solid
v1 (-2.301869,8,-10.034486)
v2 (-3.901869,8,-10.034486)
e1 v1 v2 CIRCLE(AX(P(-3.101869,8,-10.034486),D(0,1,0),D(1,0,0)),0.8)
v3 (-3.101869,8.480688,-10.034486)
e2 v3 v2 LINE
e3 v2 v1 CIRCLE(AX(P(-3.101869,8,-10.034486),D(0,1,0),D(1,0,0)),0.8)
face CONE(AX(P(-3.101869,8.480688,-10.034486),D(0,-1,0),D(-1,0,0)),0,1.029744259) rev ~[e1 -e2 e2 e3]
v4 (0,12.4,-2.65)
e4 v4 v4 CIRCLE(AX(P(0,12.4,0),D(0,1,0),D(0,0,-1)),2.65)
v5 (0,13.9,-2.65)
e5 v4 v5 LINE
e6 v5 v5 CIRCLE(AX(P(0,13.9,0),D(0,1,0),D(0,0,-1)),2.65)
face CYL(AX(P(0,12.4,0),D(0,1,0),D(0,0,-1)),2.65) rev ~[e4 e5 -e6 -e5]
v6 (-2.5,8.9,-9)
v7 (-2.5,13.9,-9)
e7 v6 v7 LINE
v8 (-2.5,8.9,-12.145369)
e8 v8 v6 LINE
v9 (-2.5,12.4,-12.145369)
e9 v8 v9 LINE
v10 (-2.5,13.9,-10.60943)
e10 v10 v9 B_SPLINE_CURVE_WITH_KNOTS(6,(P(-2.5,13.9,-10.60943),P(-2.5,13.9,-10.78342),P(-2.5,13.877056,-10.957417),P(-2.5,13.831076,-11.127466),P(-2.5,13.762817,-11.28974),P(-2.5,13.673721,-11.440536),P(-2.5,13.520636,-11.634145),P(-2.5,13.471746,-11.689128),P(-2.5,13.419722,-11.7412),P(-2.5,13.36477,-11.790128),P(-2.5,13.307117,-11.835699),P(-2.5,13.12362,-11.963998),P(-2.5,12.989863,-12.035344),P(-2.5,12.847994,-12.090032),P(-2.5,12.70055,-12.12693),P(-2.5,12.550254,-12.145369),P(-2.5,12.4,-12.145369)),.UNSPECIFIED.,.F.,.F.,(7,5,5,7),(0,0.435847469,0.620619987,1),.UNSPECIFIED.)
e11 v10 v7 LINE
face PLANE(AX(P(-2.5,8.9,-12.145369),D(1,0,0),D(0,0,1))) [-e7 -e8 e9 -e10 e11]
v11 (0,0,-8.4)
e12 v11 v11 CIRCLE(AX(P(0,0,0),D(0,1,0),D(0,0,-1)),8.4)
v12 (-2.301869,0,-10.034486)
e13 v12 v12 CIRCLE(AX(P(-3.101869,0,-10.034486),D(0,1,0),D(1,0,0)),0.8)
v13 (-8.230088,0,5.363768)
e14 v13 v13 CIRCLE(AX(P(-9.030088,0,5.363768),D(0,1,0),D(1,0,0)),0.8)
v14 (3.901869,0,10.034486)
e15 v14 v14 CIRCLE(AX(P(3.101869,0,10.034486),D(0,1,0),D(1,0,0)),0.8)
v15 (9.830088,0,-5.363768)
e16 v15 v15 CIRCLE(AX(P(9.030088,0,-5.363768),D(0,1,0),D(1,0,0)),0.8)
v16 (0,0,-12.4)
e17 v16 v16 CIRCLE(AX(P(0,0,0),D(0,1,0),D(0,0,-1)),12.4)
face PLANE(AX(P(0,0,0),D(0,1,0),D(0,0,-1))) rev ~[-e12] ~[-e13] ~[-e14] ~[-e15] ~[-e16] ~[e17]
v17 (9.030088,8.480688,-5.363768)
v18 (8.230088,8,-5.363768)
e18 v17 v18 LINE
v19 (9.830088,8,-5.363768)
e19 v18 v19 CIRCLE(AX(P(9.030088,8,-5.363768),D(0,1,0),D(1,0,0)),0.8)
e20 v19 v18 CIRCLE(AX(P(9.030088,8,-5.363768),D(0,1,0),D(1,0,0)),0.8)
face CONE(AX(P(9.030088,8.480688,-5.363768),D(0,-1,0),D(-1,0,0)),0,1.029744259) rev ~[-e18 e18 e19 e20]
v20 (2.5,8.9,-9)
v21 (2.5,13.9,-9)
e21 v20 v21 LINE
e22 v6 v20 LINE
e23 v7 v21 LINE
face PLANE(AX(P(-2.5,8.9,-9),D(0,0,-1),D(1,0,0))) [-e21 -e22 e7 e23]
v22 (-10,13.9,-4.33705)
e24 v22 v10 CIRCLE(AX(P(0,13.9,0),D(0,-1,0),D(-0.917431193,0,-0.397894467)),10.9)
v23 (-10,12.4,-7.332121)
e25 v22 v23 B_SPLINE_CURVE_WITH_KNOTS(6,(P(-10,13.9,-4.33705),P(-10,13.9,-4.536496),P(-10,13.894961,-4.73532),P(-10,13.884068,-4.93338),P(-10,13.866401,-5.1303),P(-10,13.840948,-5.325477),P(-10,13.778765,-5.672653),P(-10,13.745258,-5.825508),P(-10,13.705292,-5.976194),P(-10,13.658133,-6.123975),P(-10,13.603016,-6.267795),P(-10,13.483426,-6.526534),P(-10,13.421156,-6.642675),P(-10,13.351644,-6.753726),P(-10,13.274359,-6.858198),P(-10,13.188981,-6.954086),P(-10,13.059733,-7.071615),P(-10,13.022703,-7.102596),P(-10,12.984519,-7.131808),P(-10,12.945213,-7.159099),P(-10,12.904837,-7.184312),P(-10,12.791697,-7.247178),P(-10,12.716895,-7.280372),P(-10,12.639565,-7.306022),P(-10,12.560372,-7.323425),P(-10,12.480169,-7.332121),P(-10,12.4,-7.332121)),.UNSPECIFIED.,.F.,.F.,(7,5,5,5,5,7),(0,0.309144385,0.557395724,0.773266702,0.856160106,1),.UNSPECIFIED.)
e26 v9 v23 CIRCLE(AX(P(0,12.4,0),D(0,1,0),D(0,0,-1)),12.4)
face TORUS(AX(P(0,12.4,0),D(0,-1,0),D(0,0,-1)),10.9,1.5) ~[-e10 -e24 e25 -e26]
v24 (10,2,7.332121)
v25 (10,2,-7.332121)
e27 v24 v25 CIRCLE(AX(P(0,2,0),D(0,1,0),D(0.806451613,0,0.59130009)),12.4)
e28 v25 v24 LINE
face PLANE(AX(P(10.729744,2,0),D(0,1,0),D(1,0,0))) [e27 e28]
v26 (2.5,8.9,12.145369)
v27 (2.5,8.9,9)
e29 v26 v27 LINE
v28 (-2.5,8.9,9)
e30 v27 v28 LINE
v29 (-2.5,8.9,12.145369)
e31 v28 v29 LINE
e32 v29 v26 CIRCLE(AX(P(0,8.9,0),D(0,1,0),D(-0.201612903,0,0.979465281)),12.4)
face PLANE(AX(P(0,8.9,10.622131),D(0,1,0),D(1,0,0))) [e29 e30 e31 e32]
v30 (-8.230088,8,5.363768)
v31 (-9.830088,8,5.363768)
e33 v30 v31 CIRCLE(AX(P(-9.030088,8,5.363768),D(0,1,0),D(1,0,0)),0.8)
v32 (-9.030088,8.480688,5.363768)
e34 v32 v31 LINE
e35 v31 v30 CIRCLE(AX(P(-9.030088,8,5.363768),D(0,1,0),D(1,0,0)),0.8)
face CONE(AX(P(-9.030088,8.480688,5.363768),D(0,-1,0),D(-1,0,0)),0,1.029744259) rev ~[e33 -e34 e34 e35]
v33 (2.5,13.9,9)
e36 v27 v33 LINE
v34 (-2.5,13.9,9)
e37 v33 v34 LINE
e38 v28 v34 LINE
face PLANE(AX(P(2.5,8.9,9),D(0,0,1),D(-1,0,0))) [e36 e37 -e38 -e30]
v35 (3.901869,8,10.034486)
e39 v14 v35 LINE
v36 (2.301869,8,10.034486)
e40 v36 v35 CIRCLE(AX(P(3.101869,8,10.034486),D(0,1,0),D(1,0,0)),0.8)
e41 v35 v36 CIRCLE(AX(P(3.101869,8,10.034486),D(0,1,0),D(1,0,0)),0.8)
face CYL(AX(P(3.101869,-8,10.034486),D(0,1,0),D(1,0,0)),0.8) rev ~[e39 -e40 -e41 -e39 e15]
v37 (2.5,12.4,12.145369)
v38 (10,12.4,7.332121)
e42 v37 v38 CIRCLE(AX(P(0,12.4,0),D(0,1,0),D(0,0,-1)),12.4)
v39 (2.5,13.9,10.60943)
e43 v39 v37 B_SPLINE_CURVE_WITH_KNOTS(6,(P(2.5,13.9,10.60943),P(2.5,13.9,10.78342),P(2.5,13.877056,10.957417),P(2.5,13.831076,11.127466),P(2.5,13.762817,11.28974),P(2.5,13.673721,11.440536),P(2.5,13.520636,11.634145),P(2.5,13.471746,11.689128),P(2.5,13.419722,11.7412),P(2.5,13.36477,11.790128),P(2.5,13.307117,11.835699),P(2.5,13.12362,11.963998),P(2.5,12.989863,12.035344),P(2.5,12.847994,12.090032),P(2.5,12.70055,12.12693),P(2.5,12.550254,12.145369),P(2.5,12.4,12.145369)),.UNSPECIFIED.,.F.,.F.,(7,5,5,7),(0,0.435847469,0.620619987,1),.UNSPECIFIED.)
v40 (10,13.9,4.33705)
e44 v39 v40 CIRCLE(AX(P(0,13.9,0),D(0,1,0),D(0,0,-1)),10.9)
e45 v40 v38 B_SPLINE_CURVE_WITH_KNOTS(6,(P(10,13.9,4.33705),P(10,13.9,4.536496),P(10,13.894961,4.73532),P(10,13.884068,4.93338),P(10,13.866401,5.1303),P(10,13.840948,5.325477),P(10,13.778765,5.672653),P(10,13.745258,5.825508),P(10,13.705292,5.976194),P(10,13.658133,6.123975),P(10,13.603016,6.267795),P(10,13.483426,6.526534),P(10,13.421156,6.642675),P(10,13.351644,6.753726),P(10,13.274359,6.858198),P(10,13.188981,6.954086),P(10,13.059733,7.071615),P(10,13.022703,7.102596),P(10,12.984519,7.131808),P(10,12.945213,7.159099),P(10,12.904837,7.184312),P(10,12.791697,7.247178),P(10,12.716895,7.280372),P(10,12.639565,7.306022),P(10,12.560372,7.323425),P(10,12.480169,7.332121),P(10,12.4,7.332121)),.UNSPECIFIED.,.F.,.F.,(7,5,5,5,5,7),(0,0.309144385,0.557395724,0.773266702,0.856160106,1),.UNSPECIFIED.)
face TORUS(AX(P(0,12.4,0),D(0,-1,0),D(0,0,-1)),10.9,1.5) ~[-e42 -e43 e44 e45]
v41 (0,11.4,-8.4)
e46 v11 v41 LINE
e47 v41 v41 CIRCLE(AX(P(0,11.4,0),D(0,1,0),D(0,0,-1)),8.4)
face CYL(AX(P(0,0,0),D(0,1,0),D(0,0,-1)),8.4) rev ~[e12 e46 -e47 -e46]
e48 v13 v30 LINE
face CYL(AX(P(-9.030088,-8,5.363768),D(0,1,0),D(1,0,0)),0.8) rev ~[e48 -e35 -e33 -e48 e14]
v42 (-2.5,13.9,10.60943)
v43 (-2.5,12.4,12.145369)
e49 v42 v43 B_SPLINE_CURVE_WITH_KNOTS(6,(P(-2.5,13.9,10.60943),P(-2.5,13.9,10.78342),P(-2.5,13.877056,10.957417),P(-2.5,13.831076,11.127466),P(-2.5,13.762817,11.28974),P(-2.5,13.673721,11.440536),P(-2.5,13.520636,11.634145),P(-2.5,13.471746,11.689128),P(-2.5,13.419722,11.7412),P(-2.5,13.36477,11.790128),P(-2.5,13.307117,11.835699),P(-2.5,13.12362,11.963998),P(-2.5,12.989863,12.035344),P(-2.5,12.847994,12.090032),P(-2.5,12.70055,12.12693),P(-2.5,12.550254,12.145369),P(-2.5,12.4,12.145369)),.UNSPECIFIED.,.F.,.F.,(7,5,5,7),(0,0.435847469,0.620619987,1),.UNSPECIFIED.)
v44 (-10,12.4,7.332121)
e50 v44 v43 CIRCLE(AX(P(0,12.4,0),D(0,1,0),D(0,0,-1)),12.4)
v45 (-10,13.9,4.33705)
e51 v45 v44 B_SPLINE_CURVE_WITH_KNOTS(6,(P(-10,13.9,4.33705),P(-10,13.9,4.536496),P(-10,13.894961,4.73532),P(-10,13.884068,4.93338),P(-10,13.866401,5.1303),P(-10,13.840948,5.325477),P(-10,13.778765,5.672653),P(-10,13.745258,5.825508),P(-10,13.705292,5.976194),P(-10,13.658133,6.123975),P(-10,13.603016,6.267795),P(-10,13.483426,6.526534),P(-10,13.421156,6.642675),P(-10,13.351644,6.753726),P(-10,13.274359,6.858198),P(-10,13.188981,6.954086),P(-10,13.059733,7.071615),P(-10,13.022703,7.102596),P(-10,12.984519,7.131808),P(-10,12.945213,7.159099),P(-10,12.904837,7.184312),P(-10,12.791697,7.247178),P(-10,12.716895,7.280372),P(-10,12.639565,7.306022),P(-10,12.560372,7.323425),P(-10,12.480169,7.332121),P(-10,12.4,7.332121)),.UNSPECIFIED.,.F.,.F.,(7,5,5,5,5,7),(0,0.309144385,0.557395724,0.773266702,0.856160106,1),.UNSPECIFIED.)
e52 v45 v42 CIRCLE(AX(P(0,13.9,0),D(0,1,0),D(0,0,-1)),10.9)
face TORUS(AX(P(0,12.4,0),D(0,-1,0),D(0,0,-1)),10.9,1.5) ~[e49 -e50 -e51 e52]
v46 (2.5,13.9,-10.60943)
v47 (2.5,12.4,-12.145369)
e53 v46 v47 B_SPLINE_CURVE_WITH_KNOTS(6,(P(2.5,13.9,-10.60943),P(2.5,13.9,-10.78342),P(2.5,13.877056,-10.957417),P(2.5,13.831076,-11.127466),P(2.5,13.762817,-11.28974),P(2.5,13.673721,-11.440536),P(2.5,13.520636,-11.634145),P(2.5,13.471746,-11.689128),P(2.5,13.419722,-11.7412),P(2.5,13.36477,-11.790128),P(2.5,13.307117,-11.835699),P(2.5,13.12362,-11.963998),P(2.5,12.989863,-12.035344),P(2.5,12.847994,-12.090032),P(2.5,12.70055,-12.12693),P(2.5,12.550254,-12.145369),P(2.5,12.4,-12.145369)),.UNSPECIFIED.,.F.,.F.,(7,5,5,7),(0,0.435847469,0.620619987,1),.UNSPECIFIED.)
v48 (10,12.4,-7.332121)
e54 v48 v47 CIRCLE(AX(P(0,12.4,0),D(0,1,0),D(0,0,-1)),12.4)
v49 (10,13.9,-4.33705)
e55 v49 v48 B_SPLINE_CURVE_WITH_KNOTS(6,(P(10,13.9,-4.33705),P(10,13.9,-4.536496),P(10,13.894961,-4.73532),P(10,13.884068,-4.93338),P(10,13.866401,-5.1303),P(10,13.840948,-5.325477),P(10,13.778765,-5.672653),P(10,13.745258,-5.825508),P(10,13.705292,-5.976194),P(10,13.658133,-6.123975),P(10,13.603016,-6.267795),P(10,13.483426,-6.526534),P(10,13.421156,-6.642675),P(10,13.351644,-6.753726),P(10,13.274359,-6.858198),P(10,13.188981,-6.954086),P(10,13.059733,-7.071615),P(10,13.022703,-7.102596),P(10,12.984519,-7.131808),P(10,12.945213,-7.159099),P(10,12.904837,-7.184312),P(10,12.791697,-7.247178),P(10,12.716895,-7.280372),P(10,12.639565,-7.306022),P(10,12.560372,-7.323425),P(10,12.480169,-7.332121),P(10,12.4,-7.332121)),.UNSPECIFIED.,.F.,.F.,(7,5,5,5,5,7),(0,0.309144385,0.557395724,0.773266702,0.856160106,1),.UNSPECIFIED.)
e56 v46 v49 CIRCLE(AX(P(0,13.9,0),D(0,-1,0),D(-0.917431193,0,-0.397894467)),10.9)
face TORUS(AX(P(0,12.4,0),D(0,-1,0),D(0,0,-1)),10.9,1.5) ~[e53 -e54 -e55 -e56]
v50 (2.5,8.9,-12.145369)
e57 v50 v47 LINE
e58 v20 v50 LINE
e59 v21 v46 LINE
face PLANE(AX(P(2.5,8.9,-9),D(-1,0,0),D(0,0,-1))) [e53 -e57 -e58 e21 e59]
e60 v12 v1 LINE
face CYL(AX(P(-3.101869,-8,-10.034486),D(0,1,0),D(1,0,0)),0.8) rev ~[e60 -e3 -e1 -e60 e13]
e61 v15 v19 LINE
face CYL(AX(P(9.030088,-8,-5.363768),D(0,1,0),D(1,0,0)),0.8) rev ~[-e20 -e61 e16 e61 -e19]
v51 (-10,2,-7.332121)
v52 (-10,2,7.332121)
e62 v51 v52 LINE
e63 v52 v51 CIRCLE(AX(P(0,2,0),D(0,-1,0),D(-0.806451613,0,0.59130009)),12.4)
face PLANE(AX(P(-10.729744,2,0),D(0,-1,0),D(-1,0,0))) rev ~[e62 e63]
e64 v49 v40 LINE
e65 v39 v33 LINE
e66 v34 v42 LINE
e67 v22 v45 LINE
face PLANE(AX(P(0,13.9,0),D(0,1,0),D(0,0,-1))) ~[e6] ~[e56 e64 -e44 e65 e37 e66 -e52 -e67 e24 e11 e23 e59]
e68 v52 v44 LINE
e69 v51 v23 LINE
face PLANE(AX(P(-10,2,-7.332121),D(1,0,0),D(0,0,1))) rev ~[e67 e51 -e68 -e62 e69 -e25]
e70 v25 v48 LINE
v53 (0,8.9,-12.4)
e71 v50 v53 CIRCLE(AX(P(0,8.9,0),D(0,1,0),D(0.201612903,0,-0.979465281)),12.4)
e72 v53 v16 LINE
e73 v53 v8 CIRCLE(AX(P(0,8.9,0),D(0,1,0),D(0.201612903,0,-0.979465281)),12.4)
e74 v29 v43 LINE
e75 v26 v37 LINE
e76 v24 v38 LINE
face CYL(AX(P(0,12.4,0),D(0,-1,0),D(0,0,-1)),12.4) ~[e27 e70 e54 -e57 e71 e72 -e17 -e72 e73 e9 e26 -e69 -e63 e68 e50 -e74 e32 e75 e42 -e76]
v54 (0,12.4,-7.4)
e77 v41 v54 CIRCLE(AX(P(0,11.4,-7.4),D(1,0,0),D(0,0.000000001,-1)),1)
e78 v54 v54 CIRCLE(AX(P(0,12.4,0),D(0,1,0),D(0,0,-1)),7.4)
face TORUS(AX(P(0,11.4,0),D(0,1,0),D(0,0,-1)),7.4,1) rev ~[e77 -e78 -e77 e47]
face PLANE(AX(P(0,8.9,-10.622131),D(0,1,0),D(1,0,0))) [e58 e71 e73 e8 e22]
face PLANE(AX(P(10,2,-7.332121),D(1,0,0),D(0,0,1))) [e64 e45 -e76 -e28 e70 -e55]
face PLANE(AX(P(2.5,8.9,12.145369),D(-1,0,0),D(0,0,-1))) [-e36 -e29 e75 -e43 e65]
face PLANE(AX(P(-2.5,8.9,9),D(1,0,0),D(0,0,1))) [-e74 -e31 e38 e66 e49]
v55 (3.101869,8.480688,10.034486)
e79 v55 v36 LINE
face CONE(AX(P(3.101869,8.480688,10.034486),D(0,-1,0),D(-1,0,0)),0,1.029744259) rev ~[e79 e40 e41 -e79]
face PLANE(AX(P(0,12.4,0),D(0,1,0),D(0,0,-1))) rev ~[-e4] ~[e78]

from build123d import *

# Parameters (mm, degrees)
ENL_V_START                                   = -11.9
ENL_V_MAT_EXTRU_1_DEPTH                       = 11.9
ENL_V_START_2                                 = -5
ENL_V_MAT_EXTRU_2_DEPTH                       = 5
TROU_POUR_TARAUDAGE_POUR_TROU_TARAUD_M2_D     = 1.6
TROU_POUR_TARAUDAGE_POUR_TROU_TARAUD_M2_DEPTH = 8
TROU_POUR_TARAUDAGE_POUR_TROU_TARAUD_M2_TIP   = 0.480688495


with BuildPart() as part:
    # Esquisse1 → Révolution1 (revolve)
    with BuildSketch(Plane.XY, mode=Mode.PRIVATE) as r_volution1_sk:
        with BuildLine():
            Line((-8.4, 0), (-8.4, 11.4))
            ThreePointArc((-8.4, 11.4), (-8.107106781, 12.107106781), (-7.4, 12.4))
            Line((-7.4, 12.4), (-2.65, 12.4))
            Line((-2.65, 12.4), (-2.65, 13.9))
            Line((-2.65, 13.9), (-10.9, 13.9))
            ThreePointArc((-10.9, 13.9), (-11.960660172, 13.460660172), (-12.4, 12.4))
            Line((-12.4, 12.4), (-12.4, 0))
            Line((-12.4, 0), (-8.4, 0))
        make_face()
    revolve(r_volution1_sk.sketch.rotate(Axis((0, -3.661760917, 0), (0, 1, 0)), 270), axis=Axis((0, -3.661760917, 0), (0, 1, 0)))

    # Esquisse2 → Enlèv. mat.-Extru.1 (cut)
    with BuildSketch(Plane(origin=(0, 13.9, 0), x_dir=(1, 0, 0), z_dir=(0, 1, 0)).offset(ENL_V_START)):
        with BuildLine():
            Line((-10, 7.332121112), (-10, -7.332121112))
            ThreePointArc((-10, -7.332121112), (-12.4, 0), (-10, 7.332121112))
        make_face()
        with BuildLine():
            Line((10, 7.332121112), (10, -7.332121112))
            ThreePointArc((10, -7.332121112), (12.4, 0), (10, 7.332121112))
        make_face()
    extrude(amount=ENL_V_MAT_EXTRU_1_DEPTH, mode=Mode.SUBTRACT)

    # Esquisse3 → Enlèv. mat.-Extru.2 (cut)
    with BuildSketch(Plane(origin=(0, 13.9, 0), x_dir=(1, 0, 0), z_dir=(0, 1, 0)).offset(ENL_V_START_2)):
        with BuildLine():
            Line((-2.5, 9), (2.5, 9))
            Line((2.5, 9), (2.5, 12.145369488))
            ThreePointArc((2.5, 12.145369488), (0, 12.4), (-2.5, 12.145369488))
            Line((-2.5, 12.145369488), (-2.5, 9))
        make_face()
        with BuildLine():
            Line((2.5, -12.145369488), (2.5, -9))
            Line((2.5, -9), (-2.5, -9))
            Line((-2.5, -9), (-2.5, -12.145369488))
            ThreePointArc((-2.5, -12.145369488), (0, -12.4), (2.5, -12.145369488))
        make_face()
    extrude(amount=ENL_V_MAT_EXTRU_2_DEPTH, mode=Mode.SUBTRACT)

    # Trou pour taraudage pour trou taraudé M21
    with Locations(Plane(origin=(0, 0, 0), x_dir=(-1, 0, 0), z_dir=(0, -1, 0))):
        with Locations((-3.101869381, -10.034485853), (9.030088198, -5.363767998), (3.101869381, 10.034485853), (-9.030088198, 5.363767998)):
            Hole(TROU_POUR_TARAUDAGE_POUR_TROU_TARAUD_M2_D / 2, depth=TROU_POUR_TARAUDAGE_POUR_TROU_TARAUD_M2_DEPTH)
            with Locations((0, 0, -(TROU_POUR_TARAUDAGE_POUR_TROU_TARAUD_M2_DEPTH + TROU_POUR_TARAUDAGE_POUR_TROU_TARAUD_M2_TIP / 2))):  # 118° drill point
                Cone(0, TROU_POUR_TARAUDAGE_POUR_TROU_TARAUD_M2_D / 2, TROU_POUR_TARAUDAGE_POUR_TROU_TARAUD_M2_TIP, mode=Mode.SUBTRACT)


solid = part.part
